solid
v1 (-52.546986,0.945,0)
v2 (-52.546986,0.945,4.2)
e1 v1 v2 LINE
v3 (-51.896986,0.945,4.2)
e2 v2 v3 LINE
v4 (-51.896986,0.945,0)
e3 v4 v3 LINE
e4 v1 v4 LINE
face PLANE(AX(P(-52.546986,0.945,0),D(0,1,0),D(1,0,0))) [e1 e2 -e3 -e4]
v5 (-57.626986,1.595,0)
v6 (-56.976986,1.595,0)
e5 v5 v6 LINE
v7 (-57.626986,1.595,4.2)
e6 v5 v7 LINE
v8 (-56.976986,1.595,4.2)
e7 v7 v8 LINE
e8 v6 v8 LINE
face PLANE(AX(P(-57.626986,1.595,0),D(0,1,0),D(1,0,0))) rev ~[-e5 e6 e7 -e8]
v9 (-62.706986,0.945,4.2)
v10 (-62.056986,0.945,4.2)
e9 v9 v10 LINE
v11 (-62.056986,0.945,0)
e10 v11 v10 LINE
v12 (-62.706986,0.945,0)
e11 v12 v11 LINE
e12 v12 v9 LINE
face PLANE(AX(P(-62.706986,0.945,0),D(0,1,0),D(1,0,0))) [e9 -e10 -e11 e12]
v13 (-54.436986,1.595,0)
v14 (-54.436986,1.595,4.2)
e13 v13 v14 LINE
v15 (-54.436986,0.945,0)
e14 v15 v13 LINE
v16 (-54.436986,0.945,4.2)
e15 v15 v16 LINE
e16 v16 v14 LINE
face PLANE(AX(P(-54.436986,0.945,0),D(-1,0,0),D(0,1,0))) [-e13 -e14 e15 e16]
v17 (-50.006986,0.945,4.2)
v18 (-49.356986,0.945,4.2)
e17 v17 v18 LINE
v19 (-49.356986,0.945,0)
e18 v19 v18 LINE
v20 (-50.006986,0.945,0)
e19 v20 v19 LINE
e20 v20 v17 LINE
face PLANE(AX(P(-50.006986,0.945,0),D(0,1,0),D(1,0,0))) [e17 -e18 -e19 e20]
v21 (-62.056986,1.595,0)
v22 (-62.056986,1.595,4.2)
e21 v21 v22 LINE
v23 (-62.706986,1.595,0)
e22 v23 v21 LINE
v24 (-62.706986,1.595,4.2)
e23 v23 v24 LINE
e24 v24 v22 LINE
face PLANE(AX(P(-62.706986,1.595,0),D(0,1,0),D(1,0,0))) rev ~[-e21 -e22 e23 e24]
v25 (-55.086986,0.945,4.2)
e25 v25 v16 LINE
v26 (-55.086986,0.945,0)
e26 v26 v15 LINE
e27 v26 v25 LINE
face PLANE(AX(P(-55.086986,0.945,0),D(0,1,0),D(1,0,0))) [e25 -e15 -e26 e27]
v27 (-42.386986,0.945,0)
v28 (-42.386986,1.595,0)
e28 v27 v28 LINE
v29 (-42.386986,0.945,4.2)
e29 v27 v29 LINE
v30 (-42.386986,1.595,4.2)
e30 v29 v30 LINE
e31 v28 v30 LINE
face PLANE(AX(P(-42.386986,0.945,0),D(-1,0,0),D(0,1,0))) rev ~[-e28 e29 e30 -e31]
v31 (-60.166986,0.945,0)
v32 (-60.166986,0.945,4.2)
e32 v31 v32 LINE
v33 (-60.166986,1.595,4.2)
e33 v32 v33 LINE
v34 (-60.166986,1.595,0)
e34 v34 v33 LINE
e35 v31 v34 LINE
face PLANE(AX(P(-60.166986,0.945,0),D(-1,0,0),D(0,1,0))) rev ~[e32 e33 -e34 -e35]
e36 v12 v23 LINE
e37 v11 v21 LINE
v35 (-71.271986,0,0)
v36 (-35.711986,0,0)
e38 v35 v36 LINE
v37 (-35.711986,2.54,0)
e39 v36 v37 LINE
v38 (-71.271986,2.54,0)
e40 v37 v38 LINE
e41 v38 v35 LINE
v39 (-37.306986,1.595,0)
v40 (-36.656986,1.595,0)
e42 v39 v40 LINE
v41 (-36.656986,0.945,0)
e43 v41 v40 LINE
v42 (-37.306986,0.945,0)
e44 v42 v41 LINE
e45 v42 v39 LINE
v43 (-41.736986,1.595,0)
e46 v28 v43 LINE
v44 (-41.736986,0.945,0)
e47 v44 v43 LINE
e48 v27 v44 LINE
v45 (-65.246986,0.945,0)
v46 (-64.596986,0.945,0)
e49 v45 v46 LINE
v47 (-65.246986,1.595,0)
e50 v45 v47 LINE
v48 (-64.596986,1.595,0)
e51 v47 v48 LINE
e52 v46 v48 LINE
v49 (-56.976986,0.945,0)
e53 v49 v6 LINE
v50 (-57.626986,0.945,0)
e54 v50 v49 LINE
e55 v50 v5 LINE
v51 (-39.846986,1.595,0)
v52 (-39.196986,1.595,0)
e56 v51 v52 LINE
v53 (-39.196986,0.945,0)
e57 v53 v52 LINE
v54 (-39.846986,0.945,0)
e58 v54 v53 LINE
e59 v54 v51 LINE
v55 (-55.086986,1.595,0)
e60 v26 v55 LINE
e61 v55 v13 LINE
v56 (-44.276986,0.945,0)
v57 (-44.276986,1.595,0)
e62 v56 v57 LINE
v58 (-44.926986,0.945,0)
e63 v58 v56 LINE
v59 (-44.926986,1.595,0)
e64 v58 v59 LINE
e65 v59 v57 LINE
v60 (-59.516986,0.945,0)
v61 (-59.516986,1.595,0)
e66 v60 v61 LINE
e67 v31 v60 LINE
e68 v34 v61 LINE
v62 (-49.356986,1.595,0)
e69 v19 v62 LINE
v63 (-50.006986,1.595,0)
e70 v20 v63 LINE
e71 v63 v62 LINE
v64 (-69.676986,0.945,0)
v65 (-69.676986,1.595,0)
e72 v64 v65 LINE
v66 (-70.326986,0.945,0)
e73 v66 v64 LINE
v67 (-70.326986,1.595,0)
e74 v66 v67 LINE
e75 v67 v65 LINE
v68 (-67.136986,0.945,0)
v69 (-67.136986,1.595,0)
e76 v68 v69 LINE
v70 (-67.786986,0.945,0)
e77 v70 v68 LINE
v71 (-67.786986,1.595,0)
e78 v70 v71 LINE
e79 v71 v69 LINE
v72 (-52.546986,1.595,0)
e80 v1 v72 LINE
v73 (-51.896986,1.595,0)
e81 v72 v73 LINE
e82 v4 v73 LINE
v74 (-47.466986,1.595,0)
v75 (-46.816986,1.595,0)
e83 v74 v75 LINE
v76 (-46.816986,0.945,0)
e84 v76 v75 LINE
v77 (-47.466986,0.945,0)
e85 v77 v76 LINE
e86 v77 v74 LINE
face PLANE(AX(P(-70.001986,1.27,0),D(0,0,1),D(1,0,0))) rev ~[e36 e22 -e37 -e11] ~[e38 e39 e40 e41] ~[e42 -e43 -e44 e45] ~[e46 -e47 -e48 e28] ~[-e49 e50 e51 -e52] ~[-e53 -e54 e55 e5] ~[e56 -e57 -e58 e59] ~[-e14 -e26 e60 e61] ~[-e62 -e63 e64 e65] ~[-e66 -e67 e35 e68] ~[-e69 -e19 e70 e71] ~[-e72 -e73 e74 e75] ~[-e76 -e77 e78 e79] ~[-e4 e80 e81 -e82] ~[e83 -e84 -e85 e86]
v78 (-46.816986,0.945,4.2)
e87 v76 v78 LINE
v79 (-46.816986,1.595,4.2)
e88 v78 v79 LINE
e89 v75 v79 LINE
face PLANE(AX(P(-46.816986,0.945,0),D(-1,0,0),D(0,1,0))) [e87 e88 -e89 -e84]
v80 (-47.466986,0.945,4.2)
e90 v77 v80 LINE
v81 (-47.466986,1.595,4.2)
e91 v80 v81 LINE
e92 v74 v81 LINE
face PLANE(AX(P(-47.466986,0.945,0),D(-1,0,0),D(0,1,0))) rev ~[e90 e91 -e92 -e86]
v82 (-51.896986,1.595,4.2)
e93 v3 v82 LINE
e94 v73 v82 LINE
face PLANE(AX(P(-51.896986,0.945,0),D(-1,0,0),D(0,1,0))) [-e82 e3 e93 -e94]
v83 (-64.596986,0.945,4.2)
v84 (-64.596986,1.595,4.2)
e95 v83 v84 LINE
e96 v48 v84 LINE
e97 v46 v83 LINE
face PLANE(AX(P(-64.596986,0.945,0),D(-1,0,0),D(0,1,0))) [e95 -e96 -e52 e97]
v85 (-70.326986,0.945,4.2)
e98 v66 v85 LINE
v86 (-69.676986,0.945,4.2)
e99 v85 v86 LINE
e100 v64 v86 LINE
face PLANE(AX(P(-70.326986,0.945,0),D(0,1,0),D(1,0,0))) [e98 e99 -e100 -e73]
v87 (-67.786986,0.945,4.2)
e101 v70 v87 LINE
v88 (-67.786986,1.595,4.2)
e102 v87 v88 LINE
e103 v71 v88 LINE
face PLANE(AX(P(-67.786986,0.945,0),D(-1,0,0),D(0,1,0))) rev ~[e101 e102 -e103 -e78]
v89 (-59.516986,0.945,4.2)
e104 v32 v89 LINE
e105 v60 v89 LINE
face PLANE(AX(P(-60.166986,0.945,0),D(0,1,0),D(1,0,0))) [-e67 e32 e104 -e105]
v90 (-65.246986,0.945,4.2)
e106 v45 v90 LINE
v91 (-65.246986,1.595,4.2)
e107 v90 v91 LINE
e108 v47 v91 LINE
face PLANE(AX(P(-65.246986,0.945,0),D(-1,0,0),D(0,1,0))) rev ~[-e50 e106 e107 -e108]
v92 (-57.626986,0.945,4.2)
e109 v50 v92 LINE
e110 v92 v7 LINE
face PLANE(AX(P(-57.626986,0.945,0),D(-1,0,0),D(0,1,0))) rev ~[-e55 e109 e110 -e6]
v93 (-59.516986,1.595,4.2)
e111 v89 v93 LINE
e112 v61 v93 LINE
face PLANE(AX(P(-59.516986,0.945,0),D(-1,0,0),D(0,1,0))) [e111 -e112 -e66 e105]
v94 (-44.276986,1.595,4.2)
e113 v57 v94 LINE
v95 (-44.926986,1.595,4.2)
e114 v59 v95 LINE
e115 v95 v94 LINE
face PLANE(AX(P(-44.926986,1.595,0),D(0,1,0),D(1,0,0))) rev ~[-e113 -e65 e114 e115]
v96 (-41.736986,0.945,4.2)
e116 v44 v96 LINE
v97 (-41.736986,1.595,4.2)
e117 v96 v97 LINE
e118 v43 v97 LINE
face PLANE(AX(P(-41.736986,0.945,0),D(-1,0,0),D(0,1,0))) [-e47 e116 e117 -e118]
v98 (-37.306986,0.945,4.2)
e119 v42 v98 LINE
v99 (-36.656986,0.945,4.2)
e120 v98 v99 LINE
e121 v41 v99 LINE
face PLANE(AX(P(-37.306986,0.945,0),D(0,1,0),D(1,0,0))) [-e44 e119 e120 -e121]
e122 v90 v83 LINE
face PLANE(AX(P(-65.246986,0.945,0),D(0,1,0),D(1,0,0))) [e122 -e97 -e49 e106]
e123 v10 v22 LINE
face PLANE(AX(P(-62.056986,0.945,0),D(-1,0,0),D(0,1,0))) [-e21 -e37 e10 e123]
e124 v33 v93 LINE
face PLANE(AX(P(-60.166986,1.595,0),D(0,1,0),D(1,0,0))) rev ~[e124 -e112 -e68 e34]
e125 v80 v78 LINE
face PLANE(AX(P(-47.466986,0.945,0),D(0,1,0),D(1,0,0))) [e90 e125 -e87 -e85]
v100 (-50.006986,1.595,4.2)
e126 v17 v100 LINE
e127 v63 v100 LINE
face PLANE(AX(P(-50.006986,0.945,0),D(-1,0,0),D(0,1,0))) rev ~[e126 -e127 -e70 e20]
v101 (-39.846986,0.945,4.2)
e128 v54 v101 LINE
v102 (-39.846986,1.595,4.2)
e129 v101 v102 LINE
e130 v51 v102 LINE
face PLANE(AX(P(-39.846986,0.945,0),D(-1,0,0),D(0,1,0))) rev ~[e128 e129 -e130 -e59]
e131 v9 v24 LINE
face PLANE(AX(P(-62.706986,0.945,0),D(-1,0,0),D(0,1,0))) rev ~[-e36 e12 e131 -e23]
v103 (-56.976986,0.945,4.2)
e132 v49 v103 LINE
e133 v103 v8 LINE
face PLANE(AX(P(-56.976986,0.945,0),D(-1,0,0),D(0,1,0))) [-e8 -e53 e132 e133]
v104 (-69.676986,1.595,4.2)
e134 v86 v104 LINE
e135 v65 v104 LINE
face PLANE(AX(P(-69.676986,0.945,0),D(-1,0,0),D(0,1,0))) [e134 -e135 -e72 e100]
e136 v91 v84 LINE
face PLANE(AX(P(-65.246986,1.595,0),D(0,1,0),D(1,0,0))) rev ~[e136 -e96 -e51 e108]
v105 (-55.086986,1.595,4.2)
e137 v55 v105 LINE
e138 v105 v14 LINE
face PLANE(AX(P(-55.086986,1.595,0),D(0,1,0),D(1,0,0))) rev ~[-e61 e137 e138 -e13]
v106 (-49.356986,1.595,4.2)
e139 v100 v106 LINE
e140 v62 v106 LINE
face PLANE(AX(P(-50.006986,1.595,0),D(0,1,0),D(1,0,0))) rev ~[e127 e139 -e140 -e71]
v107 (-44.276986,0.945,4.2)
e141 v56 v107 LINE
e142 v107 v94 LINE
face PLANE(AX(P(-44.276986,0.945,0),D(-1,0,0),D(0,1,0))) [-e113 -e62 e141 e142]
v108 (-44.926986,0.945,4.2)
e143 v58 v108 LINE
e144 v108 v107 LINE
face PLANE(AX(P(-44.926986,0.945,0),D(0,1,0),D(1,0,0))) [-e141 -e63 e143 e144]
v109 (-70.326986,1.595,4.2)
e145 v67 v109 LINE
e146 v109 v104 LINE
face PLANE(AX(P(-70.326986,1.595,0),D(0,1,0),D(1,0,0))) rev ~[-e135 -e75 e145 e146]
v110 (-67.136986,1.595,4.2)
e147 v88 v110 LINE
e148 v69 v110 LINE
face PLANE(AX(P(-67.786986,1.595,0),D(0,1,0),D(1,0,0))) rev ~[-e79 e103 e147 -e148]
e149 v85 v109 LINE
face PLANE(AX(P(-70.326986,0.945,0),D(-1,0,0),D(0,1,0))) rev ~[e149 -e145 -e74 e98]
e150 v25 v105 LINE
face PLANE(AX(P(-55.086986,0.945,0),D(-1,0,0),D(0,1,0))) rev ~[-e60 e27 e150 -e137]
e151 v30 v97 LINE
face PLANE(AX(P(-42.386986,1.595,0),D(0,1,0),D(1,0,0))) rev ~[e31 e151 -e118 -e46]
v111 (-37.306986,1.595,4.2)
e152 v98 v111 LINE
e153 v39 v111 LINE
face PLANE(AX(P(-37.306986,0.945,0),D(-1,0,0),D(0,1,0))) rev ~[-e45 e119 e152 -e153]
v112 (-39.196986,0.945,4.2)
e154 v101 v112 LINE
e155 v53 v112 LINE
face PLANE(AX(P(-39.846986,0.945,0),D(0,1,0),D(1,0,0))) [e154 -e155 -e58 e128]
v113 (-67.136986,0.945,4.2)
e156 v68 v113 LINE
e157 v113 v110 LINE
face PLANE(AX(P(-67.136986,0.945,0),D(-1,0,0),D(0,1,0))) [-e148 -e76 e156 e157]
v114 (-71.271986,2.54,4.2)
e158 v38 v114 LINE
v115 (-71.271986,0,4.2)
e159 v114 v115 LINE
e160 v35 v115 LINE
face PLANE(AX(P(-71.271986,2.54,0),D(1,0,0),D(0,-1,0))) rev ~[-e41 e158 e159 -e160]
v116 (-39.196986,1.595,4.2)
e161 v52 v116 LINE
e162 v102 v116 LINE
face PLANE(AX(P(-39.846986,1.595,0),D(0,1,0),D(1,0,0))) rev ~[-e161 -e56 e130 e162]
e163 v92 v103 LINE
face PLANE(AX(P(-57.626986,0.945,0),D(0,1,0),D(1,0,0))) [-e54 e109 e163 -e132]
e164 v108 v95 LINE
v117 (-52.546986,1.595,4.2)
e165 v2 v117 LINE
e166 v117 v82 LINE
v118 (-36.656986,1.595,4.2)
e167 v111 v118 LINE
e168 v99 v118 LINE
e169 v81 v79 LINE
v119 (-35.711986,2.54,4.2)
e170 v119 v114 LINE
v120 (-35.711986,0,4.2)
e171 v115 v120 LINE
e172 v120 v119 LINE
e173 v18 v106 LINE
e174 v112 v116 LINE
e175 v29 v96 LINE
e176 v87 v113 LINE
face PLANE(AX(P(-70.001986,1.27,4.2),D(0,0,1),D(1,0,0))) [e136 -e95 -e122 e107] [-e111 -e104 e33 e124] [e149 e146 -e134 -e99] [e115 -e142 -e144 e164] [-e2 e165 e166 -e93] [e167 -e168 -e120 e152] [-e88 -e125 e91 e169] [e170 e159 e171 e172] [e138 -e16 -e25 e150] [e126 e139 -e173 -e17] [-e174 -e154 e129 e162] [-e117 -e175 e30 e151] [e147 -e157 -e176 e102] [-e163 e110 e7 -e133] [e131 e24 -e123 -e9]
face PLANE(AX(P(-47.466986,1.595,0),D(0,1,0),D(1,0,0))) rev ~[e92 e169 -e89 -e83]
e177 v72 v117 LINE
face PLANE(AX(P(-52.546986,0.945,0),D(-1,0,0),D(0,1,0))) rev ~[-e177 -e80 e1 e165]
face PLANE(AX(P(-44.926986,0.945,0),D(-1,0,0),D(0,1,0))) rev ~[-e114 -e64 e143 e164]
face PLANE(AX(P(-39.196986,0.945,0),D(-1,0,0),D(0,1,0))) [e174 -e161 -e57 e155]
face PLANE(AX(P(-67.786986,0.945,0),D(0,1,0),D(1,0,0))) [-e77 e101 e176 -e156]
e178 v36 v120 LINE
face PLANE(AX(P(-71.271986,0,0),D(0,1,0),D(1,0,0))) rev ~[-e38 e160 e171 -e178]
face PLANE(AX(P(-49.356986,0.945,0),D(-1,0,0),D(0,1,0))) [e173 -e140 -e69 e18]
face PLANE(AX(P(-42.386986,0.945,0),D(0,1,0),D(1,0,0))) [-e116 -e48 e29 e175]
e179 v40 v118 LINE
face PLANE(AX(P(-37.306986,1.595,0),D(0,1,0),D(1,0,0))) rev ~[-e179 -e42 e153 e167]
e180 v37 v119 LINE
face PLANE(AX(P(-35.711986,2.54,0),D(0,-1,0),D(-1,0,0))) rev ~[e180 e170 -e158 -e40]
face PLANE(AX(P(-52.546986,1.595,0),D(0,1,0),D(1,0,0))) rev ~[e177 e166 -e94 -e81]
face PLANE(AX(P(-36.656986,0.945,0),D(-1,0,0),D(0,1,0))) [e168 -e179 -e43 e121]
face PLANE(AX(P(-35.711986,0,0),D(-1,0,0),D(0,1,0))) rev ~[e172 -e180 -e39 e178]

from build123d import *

# Parameters (mm, degrees)
F0_W     = 0.65
F0_H     = 0.65
F1_DEPTH = 4.2


with BuildPart() as f1:
    # F0 (on Top) → F1 (new body)
    with BuildSketch(Plane.XY):
        Polygon((-71.271986, 0), (-68.731986, 0), (-68.731986, 0.4), (-68.731986, 1.6), (-68.731986, 2.54), (-71.271986, 2.54), align=None)
        with Locations((-70.001986, 1.27)):
            Rectangle(F0_W, F0_H, mode=Mode.SUBTRACT)
        Polygon((-68.731986, 0.4), (-68.731986, 0), (-66.191986, 0), (-66.191986, 0.4), (-66.191986, 1.6), (-66.191986, 2.54), (-68.731986, 2.54), (-68.731986, 1.6), align=None)
        with Locations((-67.461986, 1.27)):
            Rectangle(F0_W, F0_H, mode=Mode.SUBTRACT)
        Polygon((-66.191986, 0.4), (-66.191986, 0), (-63.651986, 0), (-63.651986, 0.4), (-63.651986, 1.6), (-63.651986, 2.54), (-66.191986, 2.54), (-66.191986, 1.6), align=None)
        with Locations((-64.921986, 1.27)):
            Rectangle(F0_W, F0_H, mode=Mode.SUBTRACT)
        Polygon((-63.651986, 0.4), (-63.651986, 0), (-61.111986, 0), (-61.111986, 0.4), (-61.111986, 1.6), (-61.111986, 2.54), (-63.651986, 2.54), (-63.651986, 1.6), align=None)
        with Locations((-62.381986, 1.27)):
            Rectangle(F0_W, F0_H, mode=Mode.SUBTRACT)
        Polygon((-61.111986, 0.4), (-61.111986, 0), (-58.571986, 0), (-58.571986, 0.4), (-58.571986, 1.6), (-58.571986, 2.54), (-61.111986, 2.54), (-61.111986, 1.6), align=None)
        with Locations((-59.841986, 1.27)):
            Rectangle(F0_W, F0_H, mode=Mode.SUBTRACT)
        Polygon((-58.571986, 0.4), (-58.571986, 0), (-56.031986, 0), (-56.031986, 0.4), (-56.031986, 1.6), (-56.031986, 2.54), (-58.571986, 2.54), (-58.571986, 1.6), align=None)
        with Locations((-57.301986, 1.27)):
            Rectangle(F0_W, F0_H, mode=Mode.SUBTRACT)
        Polygon((-56.031986, 0.4), (-56.031986, 0), (-53.491986, 0), (-53.491986, 0.4), (-53.491986, 1.6), (-53.491986, 2.54), (-56.031986, 2.54), (-56.031986, 1.6), align=None)
        with Locations((-54.761986, 1.27)):
            Rectangle(F0_W, F0_H, mode=Mode.SUBTRACT)
        Polygon((-53.491986, 0.4), (-53.491986, 0), (-50.951986, 0), (-50.951986, 0.4), (-50.951986, 1.6), (-50.951986, 2.54), (-53.491986, 2.54), (-53.491986, 1.6), align=None)
        with Locations((-52.221986, 1.27)):
            Rectangle(F0_W, F0_H, mode=Mode.SUBTRACT)
        Polygon((-50.951986, 0.4), (-50.951986, 0), (-48.411986, 0), (-48.411986, 0.4), (-48.411986, 1.6), (-48.411986, 2.54), (-50.951986, 2.54), (-50.951986, 1.6), align=None)
        with Locations((-49.681986, 1.27)):
            Rectangle(F0_W, F0_H, mode=Mode.SUBTRACT)
        Polygon((-48.411986, 0.4), (-48.411986, 0), (-45.871986, 0), (-45.871986, 0.4), (-45.871986, 1.6), (-45.871986, 2.54), (-48.411986, 2.54), (-48.411986, 1.6), align=None)
        with Locations((-47.141986, 1.27)):
            Rectangle(F0_W, F0_H, mode=Mode.SUBTRACT)
        Polygon((-45.871986, 0.4), (-45.871986, 0), (-43.331986, 0), (-43.331986, 0.4), (-43.331986, 1.6), (-43.331986, 2.54), (-45.871986, 2.54), (-45.871986, 1.6), align=None)
        with Locations((-44.601986, 1.27)):
            Rectangle(F0_W, F0_H, mode=Mode.SUBTRACT)
        Polygon((-43.331986, 0.4), (-43.331986, 0), (-40.791986, 0), (-40.791986, 0.4), (-40.791986, 1.6), (-40.791986, 2.54), (-43.331986, 2.54), (-43.331986, 1.6), align=None)
        with Locations((-42.061986, 1.27)):
            Rectangle(F0_W, F0_H, mode=Mode.SUBTRACT)
        Polygon((-40.791986, 0.4), (-40.791986, 0), (-38.251986, 0), (-38.251986, 0.4), (-38.251986, 1.6), (-38.251986, 2.54), (-40.791986, 2.54), (-40.791986, 1.6), align=None)
        with Locations((-39.521986, 1.27)):
            Rectangle(F0_W, F0_H, mode=Mode.SUBTRACT)
        Polygon((-38.251986, 0.4), (-38.251986, 0), (-35.711986, 0), (-35.711986, 0.4), (-35.711986, 1.6), (-35.711986, 2.54), (-38.251986, 2.54), (-38.251986, 1.6), align=None)
        with Locations((-36.981986, 1.27)):
            Rectangle(F0_W, F0_H, mode=Mode.SUBTRACT)
    extrude(amount=F1_DEPTH)


solid = f1.part
